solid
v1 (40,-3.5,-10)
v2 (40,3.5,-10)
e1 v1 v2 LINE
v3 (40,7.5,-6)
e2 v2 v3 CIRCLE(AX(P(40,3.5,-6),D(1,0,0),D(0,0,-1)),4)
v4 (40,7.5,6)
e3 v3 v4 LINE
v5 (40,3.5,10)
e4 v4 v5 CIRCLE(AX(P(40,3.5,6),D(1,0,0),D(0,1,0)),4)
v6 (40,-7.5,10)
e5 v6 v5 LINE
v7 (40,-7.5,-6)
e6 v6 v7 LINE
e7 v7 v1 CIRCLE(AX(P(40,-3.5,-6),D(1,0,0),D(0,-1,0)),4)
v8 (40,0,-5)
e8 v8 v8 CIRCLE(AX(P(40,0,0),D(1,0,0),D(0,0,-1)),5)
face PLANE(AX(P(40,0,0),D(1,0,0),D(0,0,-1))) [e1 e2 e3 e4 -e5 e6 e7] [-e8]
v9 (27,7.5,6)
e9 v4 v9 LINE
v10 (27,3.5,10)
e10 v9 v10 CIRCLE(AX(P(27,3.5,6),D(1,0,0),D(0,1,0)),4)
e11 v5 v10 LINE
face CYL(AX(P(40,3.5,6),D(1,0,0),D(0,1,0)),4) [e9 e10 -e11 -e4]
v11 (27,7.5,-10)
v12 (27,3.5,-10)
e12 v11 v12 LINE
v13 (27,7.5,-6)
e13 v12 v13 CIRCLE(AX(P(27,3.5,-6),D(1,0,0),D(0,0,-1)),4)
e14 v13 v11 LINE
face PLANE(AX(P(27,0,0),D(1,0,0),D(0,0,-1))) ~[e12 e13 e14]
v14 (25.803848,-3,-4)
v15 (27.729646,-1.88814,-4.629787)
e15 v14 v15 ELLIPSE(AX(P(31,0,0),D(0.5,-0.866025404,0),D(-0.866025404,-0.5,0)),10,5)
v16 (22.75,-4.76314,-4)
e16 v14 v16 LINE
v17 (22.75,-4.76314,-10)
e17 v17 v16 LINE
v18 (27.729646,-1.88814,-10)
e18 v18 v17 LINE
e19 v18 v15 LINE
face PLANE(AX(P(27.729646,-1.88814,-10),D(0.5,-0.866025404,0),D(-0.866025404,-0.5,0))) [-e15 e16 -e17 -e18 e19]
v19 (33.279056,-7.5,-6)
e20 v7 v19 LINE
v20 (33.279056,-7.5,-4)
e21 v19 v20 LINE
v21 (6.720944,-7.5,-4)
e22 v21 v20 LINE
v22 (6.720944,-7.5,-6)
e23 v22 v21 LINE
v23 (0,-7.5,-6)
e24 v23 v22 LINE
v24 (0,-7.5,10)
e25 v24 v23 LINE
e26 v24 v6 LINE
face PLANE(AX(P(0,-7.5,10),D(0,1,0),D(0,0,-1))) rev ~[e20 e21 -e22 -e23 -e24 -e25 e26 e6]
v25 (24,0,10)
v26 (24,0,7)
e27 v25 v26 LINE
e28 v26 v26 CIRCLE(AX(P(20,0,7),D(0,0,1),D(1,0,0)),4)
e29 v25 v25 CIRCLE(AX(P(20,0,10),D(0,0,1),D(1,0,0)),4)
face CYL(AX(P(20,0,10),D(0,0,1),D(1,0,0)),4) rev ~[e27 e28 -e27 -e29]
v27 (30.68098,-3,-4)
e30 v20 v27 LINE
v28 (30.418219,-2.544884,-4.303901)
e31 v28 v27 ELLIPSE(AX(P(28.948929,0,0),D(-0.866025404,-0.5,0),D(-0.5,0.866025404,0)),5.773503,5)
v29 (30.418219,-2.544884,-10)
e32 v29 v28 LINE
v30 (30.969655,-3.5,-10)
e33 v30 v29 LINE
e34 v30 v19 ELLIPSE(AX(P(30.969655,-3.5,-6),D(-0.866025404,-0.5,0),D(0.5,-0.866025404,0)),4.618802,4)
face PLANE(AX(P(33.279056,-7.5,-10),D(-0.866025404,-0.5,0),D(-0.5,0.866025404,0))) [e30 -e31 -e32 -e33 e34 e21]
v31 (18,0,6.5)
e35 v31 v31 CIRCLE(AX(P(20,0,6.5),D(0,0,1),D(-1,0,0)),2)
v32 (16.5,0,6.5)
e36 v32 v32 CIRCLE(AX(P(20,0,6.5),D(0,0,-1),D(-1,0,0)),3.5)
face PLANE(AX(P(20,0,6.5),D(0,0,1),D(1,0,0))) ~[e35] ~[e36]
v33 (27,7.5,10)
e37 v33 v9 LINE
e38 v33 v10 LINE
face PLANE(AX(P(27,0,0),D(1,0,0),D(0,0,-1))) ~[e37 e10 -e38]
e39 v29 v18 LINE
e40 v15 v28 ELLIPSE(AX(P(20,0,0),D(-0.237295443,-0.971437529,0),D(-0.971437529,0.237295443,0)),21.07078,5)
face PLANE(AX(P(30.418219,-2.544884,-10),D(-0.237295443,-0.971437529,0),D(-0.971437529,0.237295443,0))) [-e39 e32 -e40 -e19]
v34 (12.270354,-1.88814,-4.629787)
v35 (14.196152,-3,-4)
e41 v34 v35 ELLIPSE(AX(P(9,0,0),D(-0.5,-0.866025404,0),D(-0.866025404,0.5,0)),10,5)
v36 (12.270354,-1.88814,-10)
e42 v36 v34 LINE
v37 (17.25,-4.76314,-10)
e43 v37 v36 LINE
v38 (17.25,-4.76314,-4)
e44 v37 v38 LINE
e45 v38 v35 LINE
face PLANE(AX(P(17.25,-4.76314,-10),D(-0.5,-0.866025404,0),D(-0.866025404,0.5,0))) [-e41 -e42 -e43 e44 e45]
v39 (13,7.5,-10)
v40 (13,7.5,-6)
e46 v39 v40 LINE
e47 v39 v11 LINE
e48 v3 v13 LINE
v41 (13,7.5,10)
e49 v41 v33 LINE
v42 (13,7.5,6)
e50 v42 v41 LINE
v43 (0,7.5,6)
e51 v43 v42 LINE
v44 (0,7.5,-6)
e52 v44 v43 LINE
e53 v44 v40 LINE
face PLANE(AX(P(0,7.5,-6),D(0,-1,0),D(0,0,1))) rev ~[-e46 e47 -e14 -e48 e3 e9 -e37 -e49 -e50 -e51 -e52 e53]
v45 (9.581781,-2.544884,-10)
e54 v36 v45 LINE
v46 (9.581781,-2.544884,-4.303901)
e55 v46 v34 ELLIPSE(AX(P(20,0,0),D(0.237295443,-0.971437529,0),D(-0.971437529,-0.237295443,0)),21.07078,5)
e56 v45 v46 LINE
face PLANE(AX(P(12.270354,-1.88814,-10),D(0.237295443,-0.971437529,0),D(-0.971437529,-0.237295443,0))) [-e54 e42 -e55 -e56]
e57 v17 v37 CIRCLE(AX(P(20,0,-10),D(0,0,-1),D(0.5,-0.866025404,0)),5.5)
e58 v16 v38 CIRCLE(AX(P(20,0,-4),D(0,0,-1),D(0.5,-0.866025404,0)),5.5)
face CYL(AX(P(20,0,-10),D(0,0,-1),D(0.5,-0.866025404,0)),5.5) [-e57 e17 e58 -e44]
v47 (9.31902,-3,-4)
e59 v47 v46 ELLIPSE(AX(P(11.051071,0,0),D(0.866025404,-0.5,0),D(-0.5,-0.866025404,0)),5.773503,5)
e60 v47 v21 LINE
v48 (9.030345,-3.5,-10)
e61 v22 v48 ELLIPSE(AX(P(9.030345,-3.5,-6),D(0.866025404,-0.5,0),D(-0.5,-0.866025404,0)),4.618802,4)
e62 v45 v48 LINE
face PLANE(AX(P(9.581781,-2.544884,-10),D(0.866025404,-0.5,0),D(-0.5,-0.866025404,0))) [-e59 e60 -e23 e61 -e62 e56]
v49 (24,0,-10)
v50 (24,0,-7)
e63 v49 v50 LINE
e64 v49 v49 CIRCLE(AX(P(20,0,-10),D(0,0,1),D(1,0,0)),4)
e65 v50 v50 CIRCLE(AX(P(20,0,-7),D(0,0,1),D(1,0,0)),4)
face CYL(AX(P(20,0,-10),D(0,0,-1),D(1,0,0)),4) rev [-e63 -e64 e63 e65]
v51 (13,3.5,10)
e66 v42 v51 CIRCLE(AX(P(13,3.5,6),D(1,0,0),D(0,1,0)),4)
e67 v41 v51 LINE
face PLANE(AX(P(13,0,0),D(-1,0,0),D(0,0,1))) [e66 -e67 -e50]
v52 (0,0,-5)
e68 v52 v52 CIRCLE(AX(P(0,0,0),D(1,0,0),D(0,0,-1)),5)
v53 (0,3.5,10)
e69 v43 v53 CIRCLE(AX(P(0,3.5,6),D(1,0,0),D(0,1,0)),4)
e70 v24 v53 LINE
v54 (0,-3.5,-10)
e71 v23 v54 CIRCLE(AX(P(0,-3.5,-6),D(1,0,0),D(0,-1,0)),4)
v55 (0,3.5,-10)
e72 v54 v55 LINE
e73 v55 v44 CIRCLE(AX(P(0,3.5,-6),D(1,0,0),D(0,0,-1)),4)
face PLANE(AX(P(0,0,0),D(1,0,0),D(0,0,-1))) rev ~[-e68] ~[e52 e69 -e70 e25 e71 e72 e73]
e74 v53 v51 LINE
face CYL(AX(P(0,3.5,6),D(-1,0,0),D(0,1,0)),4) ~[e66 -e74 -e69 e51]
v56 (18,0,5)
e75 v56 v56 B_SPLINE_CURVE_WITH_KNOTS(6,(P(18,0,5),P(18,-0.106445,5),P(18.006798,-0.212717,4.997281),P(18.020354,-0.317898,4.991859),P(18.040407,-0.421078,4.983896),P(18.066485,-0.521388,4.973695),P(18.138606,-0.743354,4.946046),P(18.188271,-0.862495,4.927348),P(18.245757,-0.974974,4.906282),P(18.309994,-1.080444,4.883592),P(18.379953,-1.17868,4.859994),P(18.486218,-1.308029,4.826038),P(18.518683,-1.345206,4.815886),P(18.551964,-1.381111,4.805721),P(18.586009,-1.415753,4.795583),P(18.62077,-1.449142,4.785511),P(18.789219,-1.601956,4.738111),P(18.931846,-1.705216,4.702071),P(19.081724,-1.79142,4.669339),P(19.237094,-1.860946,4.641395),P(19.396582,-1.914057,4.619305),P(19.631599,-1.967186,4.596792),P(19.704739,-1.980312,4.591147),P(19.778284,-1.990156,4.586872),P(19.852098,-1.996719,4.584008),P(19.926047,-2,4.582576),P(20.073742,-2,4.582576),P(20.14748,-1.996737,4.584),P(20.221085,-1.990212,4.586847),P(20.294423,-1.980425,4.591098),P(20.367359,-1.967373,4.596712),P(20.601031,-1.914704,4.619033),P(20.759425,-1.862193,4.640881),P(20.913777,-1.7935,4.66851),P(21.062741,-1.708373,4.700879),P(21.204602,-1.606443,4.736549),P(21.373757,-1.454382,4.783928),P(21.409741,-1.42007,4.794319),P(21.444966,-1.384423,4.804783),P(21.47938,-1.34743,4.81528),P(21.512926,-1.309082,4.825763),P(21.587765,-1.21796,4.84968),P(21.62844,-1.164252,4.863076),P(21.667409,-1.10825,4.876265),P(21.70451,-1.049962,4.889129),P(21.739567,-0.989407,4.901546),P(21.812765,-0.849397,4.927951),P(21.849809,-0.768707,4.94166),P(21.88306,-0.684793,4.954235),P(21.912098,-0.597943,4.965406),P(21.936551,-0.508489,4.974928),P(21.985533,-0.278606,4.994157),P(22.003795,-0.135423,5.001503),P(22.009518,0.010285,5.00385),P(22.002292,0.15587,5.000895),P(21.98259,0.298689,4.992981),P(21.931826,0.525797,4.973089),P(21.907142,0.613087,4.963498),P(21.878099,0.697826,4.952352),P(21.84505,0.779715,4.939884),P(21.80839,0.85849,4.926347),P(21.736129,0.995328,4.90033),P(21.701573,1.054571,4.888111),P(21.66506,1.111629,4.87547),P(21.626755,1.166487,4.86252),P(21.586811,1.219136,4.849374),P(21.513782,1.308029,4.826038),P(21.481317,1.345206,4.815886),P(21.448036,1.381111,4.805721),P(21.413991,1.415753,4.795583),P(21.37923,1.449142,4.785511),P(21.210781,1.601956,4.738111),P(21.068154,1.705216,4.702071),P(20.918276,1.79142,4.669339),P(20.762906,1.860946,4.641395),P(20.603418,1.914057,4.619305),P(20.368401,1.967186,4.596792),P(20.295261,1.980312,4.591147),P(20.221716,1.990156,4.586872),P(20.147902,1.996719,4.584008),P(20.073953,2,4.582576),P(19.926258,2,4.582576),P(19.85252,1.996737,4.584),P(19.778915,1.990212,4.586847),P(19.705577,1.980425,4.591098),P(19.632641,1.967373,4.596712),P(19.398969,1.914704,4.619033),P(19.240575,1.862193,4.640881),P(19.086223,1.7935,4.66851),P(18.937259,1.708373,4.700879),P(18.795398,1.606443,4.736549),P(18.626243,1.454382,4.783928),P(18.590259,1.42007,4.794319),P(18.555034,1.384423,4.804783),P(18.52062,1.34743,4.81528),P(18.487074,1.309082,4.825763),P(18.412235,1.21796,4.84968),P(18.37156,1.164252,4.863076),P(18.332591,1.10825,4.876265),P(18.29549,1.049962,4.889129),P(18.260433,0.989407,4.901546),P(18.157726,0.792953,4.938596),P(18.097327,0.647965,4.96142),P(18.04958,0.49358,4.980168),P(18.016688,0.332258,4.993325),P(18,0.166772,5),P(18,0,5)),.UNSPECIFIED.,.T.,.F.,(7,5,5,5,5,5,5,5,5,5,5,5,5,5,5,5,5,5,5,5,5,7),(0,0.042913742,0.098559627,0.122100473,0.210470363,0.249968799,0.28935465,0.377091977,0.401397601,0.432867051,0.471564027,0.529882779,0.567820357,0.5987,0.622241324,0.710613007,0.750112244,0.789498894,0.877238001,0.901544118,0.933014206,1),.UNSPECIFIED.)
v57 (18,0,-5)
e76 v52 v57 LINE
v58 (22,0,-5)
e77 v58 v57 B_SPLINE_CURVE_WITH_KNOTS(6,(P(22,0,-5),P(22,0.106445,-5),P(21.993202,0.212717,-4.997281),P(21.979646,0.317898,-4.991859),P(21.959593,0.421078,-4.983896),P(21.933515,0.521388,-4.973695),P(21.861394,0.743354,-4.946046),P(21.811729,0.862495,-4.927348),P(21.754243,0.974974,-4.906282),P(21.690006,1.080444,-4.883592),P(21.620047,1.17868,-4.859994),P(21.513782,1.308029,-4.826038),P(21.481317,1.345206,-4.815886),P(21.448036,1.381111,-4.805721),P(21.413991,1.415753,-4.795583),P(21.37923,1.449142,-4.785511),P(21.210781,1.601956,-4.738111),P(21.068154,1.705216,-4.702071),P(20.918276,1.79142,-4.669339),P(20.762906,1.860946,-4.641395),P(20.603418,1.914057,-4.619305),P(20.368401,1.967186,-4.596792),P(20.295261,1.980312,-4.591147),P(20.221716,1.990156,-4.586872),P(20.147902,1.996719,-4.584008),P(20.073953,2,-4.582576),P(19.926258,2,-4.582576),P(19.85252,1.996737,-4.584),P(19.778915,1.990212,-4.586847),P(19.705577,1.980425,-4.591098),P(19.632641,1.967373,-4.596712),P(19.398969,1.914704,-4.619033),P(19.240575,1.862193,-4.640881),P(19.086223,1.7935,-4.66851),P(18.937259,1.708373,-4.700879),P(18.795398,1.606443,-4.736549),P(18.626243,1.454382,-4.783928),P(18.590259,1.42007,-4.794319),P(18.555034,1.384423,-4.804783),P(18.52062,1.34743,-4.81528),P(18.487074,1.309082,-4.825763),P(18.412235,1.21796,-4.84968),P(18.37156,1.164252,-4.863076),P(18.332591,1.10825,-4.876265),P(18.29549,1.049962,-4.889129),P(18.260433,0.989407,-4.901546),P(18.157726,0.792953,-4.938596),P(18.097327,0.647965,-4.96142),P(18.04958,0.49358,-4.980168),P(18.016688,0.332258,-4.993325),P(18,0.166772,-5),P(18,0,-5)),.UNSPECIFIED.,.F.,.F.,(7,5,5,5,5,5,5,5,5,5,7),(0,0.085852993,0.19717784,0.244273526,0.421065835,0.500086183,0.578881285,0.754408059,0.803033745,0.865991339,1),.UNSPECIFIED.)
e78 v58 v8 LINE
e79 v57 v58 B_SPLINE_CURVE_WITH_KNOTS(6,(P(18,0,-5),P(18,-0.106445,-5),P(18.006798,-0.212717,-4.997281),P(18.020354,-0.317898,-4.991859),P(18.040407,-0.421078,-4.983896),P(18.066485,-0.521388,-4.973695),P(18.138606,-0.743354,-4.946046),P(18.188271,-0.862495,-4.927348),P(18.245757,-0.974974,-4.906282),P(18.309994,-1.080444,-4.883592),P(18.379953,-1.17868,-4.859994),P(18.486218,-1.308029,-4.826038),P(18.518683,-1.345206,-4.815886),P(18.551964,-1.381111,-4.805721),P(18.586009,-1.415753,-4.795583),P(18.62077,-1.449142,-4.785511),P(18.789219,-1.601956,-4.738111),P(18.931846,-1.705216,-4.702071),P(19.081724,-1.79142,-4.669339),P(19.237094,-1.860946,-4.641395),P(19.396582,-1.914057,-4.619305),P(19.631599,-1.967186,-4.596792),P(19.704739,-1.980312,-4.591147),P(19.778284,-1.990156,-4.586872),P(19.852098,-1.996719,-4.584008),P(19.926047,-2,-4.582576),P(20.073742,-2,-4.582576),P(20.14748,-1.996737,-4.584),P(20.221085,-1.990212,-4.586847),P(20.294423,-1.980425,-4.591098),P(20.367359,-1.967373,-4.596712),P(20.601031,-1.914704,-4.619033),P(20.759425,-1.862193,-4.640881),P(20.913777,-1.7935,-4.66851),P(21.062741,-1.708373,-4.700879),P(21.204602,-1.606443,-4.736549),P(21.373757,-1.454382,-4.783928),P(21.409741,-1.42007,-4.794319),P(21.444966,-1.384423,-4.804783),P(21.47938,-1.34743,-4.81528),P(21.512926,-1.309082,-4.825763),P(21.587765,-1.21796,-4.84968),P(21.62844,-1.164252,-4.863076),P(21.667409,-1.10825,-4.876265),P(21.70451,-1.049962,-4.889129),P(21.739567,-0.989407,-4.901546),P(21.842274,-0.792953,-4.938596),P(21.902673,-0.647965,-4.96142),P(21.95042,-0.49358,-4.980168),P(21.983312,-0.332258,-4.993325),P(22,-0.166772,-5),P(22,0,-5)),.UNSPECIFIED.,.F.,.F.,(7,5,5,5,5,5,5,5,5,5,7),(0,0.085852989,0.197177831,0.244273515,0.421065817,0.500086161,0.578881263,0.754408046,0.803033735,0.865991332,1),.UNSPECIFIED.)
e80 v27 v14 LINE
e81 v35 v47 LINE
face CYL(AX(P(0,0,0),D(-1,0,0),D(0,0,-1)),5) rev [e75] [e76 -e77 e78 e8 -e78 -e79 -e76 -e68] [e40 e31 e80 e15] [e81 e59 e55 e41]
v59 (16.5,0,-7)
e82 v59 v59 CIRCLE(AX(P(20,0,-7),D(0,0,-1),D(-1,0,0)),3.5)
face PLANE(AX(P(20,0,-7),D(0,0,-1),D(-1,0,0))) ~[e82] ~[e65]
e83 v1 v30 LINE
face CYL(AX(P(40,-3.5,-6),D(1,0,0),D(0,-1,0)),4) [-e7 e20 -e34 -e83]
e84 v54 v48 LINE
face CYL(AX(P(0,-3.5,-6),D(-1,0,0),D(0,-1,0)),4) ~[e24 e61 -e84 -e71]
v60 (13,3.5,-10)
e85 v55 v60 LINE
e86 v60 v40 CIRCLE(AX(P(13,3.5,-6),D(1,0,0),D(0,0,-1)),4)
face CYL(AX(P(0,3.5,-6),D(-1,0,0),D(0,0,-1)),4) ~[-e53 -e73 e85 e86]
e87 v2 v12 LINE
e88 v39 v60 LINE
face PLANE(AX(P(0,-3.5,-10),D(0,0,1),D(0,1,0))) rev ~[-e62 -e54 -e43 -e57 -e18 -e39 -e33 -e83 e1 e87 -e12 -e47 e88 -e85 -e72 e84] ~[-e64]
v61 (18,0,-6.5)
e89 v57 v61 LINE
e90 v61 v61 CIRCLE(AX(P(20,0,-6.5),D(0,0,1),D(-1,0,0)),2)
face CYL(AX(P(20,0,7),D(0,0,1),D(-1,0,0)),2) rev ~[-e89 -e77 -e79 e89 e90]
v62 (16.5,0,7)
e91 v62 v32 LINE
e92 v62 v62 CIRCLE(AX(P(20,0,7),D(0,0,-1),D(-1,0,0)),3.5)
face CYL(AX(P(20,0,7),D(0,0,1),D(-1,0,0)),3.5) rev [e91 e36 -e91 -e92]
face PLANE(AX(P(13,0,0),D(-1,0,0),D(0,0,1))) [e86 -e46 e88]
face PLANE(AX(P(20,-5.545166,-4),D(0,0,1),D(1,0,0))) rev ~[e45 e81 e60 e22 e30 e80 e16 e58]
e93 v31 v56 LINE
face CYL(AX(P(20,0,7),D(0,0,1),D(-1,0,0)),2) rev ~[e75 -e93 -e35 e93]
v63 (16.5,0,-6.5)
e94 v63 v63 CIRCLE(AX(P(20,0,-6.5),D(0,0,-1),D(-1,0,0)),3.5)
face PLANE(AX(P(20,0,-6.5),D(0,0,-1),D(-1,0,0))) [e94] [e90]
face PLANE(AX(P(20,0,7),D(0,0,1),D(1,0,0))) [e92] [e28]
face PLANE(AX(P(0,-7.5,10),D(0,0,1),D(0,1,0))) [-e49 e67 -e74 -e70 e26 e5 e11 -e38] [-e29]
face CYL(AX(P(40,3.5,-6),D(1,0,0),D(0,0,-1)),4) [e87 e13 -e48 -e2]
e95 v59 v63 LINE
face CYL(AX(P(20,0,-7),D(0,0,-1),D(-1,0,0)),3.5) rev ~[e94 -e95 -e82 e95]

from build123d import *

# Parameters (mm, degrees)
SKETCH_1_W          = 20
SKETCH_1_H          = 15
SKETCH_1_R          = 5
EXTRUDE_1_DEPTH     = 40
SKETCH_2_R          = 4
CUT_EXTRUDE_1_DEPTH = 3
SKETCH_3_R          = 2
CUT_EXTRUDE_2_DEPTH = 45.10498838
SKETCH_4_W          = 26.593745906
SKETCH_4_H          = 18.404579196
CUT_EXTRUDE_3_DEPTH = 13
SKETCH_5_R          = 3.5
CUT_EXTRUDE_4_DEPTH = 0.5
CUT_EXTRUDE_5_DEPTH = 6


with BuildPart() as part:
    # 草圖1 → 填料-伸長1 (new body)
    with BuildSketch(Plane(origin=(0, 0, 0), x_dir=(0, 0, -1), z_dir=(1, 0, 0))):
        Rectangle(SKETCH_1_W, SKETCH_1_H)
        Circle(SKETCH_1_R, mode=Mode.SUBTRACT)
    extrude(amount=EXTRUDE_1_DEPTH)

    # 草圖2 → 除料-伸長1 (cut)
    with BuildSketch(Plane.XY.offset(10)):
        with Locations((20, 0)):
            Circle(SKETCH_2_R)
    cut_extrude_1 = extrude(amount=-CUT_EXTRUDE_1_DEPTH, mode=Mode.SUBTRACT)

    # 鏡射1: 除料-伸長1 across plane
    add(cut_extrude_1.mirror(Plane.XY), mode=Mode.SUBTRACT)

    # 草圖3 → 除料-伸長2 (cut, through all)
    with BuildSketch(Plane.XY.offset(7)):
        with Locations(Location((20, 0, 0), (0, 0, 179.999999998))):
            Circle(SKETCH_3_R)
    extrude(amount=-CUT_EXTRUDE_2_DEPTH, mode=Mode.SUBTRACT)

    # 草圖4 → 除料-伸長3 (cut)
    with BuildSketch(Plane.ZY):
        Rectangle(SKETCH_4_W, SKETCH_4_H)
        with BuildLine():
            Line((-6, 7.5), (6, 7.5))
            ThreePointArc((6, 7.5), (8.828427125, 6.328427125), (10, 3.5))
            Line((10, 3.5), (10, -7.5))
            Line((10, -7.5), (-6, -7.5))
            ThreePointArc((-6, -7.5), (-8.828427125, -6.328427125), (-10, -3.5))
            Line((-10, -3.5), (-10, 3.5))
            ThreePointArc((-10, 3.5), (-8.828427125, 6.328427125), (-6, 7.5))
        make_face(mode=Mode.SUBTRACT)
    cut_extrude_3 = extrude(amount=-CUT_EXTRUDE_3_DEPTH, mode=Mode.SUBTRACT)

    # 鏡射2: 除料-伸長3 across plane
    add(cut_extrude_3.mirror(Plane(origin=(20, 0, 0), x_dir=(0, 0, 1), z_dir=(1, 0, 0))), mode=Mode.SUBTRACT)

    # 草圖5 → 除料-伸長4 (cut)
    with BuildSketch(Plane(origin=(0, 0, -7), x_dir=(-1, 0, 0), z_dir=(0, 0, -1))):
        with Locations((-20, 0)):
            Circle(SKETCH_5_R)
    cut_extrude_4 = extrude(amount=-CUT_EXTRUDE_4_DEPTH, mode=Mode.SUBTRACT)

    # 鏡射3: 除料-伸長4 across plane
    add(cut_extrude_4.mirror(Plane.XY), mode=Mode.SUBTRACT)

    # 草圖6 → 除料-伸長5 (cut)
    with BuildSketch(Plane.XY.offset(-10)):
        with BuildLine():
            Line((15.669872981, -7.5), (24.330127019, -7.5))
            Line((24.330127019, -7.5), (33.279056191, -7.5))
            Line((33.279056191, -7.5), (30.418218618, -2.544883972))
            Line((30.418218618, -2.544883972), (27.729646072, -1.888139721))
            Line((27.729646072, -1.888139721), (22.75, -4.763139721))
            ThreePointArc((22.75, -4.763139721), (20, -5.5), (17.25, -4.763139721))
            Line((17.25, -4.763139721), (12.270353928, -1.888139721))
            Line((12.270353928, -1.888139721), (9.581781382, -2.544883972))
            Line((9.581781382, -2.544883972), (6.720943809, -7.5))
            Line((6.720943809, -7.5), (15.669872981, -7.5))
        make_face()
    extrude(amount=CUT_EXTRUDE_5_DEPTH, mode=Mode.SUBTRACT)


solid = part.part
